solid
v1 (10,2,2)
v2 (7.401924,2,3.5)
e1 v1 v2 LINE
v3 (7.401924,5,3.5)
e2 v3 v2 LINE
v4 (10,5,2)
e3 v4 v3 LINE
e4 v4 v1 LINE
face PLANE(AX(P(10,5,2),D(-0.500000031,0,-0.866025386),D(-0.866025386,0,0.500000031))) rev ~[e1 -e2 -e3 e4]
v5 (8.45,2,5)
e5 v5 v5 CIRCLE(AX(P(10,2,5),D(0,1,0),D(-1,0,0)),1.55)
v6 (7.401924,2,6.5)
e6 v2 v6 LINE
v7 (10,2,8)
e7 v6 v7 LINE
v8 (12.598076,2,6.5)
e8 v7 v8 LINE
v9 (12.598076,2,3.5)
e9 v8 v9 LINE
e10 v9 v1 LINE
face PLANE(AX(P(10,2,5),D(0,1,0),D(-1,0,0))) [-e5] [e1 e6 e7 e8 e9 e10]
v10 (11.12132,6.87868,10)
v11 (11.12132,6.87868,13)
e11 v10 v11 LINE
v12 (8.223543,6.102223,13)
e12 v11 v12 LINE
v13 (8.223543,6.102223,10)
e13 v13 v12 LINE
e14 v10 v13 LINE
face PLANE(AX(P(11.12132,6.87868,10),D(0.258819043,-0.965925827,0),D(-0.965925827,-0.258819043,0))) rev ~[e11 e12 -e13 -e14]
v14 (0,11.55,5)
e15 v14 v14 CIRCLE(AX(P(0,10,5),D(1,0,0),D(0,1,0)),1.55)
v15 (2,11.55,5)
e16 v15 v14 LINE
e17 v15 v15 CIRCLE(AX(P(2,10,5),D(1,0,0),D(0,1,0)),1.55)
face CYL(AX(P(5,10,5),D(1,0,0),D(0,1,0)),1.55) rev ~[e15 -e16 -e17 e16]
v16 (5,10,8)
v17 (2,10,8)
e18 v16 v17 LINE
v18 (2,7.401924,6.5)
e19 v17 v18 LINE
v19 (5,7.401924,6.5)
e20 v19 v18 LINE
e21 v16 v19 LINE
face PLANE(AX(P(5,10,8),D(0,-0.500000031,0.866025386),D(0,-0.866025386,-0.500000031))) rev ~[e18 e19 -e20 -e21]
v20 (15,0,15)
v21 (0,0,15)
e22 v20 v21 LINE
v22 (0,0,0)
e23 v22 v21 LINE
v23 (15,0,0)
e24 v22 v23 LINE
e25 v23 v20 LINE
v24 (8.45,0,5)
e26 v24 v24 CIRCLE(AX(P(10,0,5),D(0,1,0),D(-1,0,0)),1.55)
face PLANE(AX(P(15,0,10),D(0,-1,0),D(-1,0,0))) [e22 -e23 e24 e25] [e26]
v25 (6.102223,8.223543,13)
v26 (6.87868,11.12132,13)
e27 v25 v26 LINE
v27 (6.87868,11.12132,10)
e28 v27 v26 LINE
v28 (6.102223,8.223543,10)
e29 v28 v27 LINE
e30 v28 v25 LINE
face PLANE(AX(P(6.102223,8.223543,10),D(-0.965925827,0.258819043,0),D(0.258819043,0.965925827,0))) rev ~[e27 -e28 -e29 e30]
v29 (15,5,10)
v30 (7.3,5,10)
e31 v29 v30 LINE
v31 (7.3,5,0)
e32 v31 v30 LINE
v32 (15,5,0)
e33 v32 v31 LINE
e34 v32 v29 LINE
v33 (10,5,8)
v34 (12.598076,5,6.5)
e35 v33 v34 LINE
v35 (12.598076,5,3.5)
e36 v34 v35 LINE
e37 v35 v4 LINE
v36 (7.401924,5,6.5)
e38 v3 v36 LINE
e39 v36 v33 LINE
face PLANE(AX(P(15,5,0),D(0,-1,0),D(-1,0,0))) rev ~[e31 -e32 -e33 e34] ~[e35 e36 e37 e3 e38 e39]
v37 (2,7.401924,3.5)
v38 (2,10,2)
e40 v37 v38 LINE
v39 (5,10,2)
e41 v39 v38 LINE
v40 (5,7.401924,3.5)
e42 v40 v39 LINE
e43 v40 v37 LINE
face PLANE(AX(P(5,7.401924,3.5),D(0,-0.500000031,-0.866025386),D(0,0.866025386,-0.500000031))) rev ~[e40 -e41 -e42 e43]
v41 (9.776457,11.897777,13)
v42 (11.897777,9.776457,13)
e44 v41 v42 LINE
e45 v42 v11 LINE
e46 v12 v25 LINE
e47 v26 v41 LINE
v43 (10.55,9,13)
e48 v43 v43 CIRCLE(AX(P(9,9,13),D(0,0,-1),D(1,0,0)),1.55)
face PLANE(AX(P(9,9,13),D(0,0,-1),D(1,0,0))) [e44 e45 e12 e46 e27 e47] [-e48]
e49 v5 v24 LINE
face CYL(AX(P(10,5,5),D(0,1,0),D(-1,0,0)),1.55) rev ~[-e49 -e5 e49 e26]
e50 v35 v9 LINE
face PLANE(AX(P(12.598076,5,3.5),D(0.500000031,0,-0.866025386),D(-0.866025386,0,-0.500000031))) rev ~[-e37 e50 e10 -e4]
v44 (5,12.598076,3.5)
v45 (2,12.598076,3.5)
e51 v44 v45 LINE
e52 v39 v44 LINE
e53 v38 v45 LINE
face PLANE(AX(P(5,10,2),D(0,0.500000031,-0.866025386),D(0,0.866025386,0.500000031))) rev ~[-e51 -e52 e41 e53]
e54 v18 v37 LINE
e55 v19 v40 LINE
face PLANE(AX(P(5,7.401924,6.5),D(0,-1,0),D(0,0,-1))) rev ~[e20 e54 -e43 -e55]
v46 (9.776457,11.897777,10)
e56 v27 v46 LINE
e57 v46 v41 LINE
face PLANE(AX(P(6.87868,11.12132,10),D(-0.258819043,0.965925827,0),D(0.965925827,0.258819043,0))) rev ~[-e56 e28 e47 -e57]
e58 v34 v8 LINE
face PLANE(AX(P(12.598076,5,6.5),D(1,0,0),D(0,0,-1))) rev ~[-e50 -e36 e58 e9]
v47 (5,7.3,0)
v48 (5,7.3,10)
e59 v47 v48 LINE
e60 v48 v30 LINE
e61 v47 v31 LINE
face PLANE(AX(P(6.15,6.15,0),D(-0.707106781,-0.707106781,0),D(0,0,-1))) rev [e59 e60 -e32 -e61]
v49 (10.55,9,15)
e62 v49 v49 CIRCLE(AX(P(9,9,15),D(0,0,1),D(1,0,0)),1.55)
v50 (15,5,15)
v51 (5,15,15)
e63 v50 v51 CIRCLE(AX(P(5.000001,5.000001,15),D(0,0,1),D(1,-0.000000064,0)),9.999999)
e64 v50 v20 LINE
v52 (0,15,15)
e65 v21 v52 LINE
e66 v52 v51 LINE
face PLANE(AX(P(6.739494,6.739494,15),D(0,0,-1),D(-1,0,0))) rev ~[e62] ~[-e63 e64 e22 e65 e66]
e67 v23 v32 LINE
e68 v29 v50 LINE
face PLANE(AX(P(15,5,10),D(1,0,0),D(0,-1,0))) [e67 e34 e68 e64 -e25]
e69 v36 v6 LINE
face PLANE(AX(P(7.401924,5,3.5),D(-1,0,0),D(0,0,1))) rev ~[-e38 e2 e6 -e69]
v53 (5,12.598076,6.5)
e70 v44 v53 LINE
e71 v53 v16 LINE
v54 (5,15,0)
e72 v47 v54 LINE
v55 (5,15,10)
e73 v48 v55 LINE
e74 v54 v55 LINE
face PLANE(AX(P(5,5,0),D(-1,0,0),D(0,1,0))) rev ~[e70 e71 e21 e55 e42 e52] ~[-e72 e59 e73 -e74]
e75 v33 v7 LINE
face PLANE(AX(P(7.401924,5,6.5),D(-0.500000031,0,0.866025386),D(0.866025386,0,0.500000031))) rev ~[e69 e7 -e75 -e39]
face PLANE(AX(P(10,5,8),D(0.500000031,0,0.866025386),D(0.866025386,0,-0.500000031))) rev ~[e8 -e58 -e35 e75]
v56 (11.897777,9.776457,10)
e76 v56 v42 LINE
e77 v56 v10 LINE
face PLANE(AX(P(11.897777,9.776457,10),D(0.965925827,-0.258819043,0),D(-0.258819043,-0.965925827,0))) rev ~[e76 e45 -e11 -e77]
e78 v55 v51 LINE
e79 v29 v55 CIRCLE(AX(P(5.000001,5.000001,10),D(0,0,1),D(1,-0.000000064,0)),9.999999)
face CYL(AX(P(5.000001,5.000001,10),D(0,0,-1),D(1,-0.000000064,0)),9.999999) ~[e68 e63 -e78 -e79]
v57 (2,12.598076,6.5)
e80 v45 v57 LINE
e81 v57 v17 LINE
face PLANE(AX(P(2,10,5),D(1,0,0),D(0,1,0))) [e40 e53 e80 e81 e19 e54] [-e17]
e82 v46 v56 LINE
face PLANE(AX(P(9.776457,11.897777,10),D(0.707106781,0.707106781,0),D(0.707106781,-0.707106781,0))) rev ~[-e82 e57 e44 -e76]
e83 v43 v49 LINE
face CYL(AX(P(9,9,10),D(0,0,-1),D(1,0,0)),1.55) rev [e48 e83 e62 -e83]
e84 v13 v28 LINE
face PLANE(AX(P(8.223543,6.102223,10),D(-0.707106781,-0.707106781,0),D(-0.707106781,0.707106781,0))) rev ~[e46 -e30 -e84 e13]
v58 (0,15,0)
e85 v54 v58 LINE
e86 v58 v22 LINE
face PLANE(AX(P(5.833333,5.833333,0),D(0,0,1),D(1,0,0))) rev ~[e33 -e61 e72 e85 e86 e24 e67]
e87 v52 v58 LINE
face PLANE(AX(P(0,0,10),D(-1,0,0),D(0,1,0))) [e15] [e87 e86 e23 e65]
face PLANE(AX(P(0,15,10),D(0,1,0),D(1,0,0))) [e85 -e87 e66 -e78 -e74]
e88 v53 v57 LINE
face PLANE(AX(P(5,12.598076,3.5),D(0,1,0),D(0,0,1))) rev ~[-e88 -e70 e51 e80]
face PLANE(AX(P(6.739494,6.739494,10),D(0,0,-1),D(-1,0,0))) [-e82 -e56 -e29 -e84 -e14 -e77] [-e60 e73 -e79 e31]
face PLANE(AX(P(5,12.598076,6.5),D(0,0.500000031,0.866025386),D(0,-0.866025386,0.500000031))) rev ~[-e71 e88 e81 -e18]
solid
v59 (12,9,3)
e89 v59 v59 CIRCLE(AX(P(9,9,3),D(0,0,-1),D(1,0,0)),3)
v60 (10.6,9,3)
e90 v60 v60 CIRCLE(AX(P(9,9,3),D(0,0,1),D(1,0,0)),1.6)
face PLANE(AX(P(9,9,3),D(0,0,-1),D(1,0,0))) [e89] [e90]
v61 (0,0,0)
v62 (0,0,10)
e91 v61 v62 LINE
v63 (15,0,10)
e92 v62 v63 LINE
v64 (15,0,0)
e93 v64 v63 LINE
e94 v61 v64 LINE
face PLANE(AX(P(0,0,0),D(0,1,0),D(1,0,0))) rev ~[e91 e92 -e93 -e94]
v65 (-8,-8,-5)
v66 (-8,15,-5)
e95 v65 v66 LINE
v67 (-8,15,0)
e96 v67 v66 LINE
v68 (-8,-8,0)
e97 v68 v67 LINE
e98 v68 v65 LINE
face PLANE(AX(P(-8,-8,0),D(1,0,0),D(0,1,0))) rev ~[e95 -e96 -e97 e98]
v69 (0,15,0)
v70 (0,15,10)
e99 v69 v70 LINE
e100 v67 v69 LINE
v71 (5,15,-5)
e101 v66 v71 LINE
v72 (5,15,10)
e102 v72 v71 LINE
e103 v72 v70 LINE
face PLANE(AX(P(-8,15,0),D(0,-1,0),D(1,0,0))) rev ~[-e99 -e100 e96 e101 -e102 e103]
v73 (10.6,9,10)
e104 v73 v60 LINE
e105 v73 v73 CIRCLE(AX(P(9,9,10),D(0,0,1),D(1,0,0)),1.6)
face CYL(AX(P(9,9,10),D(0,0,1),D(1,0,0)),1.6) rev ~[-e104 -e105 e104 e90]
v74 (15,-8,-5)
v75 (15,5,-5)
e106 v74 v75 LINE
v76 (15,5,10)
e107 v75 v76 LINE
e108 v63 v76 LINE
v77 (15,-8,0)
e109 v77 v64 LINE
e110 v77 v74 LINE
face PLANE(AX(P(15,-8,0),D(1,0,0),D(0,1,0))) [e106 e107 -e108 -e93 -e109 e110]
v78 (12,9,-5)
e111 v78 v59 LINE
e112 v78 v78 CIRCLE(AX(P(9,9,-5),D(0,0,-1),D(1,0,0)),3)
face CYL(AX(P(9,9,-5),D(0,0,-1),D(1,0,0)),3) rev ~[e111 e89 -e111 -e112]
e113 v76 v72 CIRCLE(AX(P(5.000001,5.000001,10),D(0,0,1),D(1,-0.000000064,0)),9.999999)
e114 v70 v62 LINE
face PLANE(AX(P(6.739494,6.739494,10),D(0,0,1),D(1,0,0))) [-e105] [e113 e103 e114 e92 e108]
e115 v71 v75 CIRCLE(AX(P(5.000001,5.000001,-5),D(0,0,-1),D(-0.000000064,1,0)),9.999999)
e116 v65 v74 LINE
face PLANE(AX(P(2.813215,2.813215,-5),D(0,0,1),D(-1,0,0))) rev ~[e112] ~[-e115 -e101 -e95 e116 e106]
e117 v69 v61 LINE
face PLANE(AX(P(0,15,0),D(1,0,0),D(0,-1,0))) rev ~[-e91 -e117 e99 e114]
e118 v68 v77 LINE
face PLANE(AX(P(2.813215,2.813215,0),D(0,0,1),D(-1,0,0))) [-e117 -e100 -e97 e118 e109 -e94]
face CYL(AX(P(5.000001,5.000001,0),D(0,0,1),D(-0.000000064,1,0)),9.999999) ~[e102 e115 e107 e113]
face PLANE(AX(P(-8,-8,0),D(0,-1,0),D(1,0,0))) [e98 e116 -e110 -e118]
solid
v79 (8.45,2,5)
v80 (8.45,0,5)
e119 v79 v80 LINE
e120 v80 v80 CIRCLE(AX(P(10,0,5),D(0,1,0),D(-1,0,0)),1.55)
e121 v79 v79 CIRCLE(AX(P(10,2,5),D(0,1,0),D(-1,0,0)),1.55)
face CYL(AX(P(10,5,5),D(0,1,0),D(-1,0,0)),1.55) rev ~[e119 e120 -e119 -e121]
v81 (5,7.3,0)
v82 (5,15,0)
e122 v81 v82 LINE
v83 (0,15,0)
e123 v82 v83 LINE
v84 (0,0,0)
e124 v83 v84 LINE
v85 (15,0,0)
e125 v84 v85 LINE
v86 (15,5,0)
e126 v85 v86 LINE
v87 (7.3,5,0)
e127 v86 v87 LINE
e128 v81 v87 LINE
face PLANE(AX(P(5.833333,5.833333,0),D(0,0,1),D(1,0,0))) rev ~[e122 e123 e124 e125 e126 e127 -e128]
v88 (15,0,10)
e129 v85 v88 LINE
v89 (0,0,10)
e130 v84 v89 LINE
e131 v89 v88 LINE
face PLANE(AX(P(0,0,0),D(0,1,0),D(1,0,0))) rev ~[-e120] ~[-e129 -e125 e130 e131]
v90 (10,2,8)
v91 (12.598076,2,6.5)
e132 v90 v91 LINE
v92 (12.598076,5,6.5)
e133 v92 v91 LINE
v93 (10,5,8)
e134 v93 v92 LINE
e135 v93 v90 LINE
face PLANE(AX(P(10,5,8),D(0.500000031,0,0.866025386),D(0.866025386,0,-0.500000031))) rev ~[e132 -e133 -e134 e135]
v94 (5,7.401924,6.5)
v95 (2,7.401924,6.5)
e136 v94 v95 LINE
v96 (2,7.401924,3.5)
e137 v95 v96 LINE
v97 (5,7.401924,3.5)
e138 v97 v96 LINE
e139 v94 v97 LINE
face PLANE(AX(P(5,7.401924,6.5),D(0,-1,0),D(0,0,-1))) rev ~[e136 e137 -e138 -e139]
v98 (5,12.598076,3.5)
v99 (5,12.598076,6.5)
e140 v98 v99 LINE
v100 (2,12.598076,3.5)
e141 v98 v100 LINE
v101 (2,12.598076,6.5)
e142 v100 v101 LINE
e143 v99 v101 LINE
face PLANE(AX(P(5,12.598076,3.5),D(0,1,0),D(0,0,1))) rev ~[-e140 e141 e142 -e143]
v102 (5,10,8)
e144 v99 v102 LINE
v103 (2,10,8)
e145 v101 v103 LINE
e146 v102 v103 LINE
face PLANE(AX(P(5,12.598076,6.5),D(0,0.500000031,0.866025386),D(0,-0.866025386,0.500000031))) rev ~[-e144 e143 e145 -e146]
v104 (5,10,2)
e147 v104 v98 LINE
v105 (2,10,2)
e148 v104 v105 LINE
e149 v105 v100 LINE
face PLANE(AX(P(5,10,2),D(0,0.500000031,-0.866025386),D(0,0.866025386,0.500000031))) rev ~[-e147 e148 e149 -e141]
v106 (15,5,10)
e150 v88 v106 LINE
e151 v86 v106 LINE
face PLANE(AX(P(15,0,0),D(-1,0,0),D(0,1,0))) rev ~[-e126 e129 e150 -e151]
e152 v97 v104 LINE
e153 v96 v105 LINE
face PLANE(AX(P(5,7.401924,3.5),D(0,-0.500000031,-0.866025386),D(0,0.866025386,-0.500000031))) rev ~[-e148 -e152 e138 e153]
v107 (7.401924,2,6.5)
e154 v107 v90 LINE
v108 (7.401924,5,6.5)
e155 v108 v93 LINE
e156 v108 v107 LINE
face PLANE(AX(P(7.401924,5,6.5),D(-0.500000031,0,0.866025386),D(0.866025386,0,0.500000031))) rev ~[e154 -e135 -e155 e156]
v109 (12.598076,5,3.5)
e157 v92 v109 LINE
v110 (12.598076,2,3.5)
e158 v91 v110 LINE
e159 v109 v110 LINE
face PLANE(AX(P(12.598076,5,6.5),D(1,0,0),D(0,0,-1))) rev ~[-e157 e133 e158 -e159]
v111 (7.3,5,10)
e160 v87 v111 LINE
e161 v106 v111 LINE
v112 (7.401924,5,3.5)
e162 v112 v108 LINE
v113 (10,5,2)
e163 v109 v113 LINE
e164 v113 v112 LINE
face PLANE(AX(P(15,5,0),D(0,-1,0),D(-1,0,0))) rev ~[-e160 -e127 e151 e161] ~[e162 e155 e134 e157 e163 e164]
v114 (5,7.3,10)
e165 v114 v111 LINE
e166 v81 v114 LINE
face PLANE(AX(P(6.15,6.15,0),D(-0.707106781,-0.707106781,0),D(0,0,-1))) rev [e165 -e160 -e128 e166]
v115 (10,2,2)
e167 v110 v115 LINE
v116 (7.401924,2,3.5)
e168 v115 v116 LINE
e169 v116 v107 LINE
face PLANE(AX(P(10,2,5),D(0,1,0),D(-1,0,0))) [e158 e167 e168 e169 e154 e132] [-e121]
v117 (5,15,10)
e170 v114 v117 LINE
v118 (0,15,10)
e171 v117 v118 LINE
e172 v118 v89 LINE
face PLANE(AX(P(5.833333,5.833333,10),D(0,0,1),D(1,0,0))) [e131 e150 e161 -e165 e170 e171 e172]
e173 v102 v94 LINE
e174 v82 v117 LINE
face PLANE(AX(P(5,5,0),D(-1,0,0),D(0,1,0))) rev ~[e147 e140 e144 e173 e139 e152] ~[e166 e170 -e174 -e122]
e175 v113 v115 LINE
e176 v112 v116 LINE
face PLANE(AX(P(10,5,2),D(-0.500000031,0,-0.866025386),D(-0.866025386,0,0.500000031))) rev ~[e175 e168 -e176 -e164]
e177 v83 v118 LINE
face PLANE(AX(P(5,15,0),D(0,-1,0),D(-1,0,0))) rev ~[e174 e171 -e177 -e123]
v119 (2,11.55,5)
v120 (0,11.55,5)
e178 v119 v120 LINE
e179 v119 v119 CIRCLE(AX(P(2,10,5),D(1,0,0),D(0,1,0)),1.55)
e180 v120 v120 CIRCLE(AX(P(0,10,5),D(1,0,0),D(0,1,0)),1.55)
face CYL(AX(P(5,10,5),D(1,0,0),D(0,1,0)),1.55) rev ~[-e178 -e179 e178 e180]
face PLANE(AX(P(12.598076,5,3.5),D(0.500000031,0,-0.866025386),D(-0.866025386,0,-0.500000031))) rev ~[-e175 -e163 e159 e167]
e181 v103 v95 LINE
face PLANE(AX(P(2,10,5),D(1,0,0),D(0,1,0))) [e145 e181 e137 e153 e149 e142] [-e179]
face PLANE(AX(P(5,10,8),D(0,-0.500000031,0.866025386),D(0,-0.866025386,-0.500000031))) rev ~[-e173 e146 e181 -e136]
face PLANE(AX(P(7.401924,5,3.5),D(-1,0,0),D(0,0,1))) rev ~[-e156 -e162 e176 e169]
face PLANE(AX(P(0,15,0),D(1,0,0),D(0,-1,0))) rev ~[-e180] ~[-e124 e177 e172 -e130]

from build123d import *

# Parameters (mm, degrees)
PAD_DEPTH       = 10
SKETCH001_R     = 1.55
POCKET_DEPTH    = 5
SKETCH002_R     = 1.55
POCKET001_DEPTH = 5
POCKET002_DEPTH = 3
POCKET003_DEPTH = 3
CHAMFER_SIZE    = 2.3
PAD001_DEPTH    = 10
SKETCH006_R     = 1.55
POCKET007_DEPTH = 5
SKETCH009_R     = 1.55
POCKET005_DEPTH = 5
POCKET006_DEPTH = 3
POCKET004_DEPTH = 3
CHAMFER001_SIZE = 2.3
SKETCH010_R     = 1.55
PAD002_DEPTH    = 5
POCKET008_DEPTH = 3
PAD003_DEPTH    = 10
PAD004_DEPTH    = 5
SKETCH014_R     = 1.6
POCKET009_DEPTH = 20
SKETCH015_R     = 3
POCKET010_DEPTH = 8


with BuildPart() as body:
    # Sketch → Pad (new body)
    with BuildSketch(Plane.XY):
        Polygon((0, 15), (0, 0), (15, 0), (15, 5), (5, 5), (5, 15), align=None)
    extrude(amount=PAD_DEPTH)

    # Sketch001 (on Face4 of Pad) → Pocket (cut)
    with BuildSketch(Plane(origin=(0, 5, 0), x_dir=(-1, 0, 0), z_dir=(0, 1, 0))):
        with Locations((-10, 5)):
            Circle(SKETCH001_R)
    extrude(amount=-POCKET_DEPTH, mode=Mode.SUBTRACT)

    # Sketch002 (on Face6 of Pocket) → Pocket001 (cut)
    with BuildSketch(Plane.YZ.offset(5)):
        with Locations((10, 5)):
            Circle(SKETCH002_R)
    extrude(amount=-POCKET001_DEPTH, mode=Mode.SUBTRACT)

    # Sketch003 (on Face7 of Pocket001) → Pocket002 (cut)
    with BuildSketch(Plane.YZ.offset(5)):
        Polygon((10, 2), (12.598076, 3.5), (12.598076, 6.5), (10, 8), (7.401924, 6.5), (7.401924, 3.5), align=None)
    extrude(amount=-POCKET002_DEPTH, mode=Mode.SUBTRACT)

    # Sketch004 (on Face9 of Pocket002) → Pocket003 (cut)
    with BuildSketch(Plane(origin=(0, 5, 0), x_dir=(-1, 0, 0), z_dir=(0, 1, 0))):
        Polygon((-7.401924, 3.5), (-7.401924, 6.5), (-10, 8), (-12.598076, 6.5), (-12.598076, 3.5), (-10, 2), align=None)
    extrude(amount=-POCKET003_DEPTH, mode=Mode.SUBTRACT)

    # Chamfer
    chamfer_edges = [body.edges().sort_by_distance(p)[0] for p in [
        (5, 5, 5),
    ]]
    chamfer(chamfer_edges, length=CHAMFER_SIZE)


with BuildPart() as body001:
    # Sketch008 → Pad001 (new body)
    with BuildSketch(Plane.XY):
        Polygon((0, 15), (0, 0), (15, 0), (15, 5), (5, 5), (5, 15), align=None)
    extrude(amount=PAD001_DEPTH)

    # Sketch006 (on Face4 of Pad001) → Pocket007 (cut)
    with BuildSketch(Plane(origin=(0, 5, 0), x_dir=(-1, 0, 0), z_dir=(0, 1, 0))):
        with Locations((-10, 5)):
            Circle(SKETCH006_R)
    extrude(amount=-POCKET007_DEPTH, mode=Mode.SUBTRACT)

    # Sketch009 (on Face6 of Pocket007) → Pocket005 (cut)
    with BuildSketch(Plane.YZ.offset(5)):
        with Locations((10, 5)):
            Circle(SKETCH009_R)
    extrude(amount=-POCKET005_DEPTH, mode=Mode.SUBTRACT)

    # Sketch005 (on Face7 of Pocket005) → Pocket006 (cut)
    with BuildSketch(Plane.YZ.offset(5)):
        Polygon((10, 2), (12.598076, 3.5), (12.598076, 6.5), (10, 8), (7.401924, 6.5), (7.401924, 3.5), align=None)
    extrude(amount=-POCKET006_DEPTH, mode=Mode.SUBTRACT)

    # Sketch007 (on Face9 of Pocket006) → Pocket004 (cut)
    with BuildSketch(Plane(origin=(0, 5, 0), x_dir=(-1, 0, 0), z_dir=(0, 1, 0))):
        Polygon((-7.401924, 3.5), (-7.401924, 6.5), (-10, 8), (-12.598076, 6.5), (-12.598076, 3.5), (-10, 2), align=None)
    extrude(amount=-POCKET004_DEPTH, mode=Mode.SUBTRACT)

    # Chamfer001
    chamfer001_edges = [body001.edges().sort_by_distance(p)[0] for p in [
        (5, 5, 5),
    ]]
    chamfer(chamfer001_edges, length=CHAMFER001_SIZE)

    # Sketch010 (on Face9 of Chamfer001) → Pad002 (join)
    with BuildSketch(Plane.XY.offset(10)):
        with BuildLine():
            Line((0, 0), (0, 15))
            Line((0, 15), (5, 15))
            ThreePointArc((15, 5), (12.071068, 12.071068), (5, 15))
            Line((15, 5), (15, 0))
            Line((15, 0), (0, 0))
        make_face()
        with Locations((9, 9)):
            Circle(SKETCH010_R, mode=Mode.SUBTRACT)
    extrude(amount=PAD002_DEPTH)

    # Sketch011 (on Face9 of Pad002) → Pocket008 (cut)
    with BuildSketch(Plane(origin=(0, 0, 10), x_dir=(1, 0, 0), z_dir=(0, 0, -1))):
        Polygon((9.776457, -11.897777), (11.897777, -9.776457), (11.12132, -6.87868), (8.223543, -6.102223), (6.102223, -8.223543), (6.87868, -11.12132), align=None)
    extrude(amount=-POCKET008_DEPTH, mode=Mode.SUBTRACT)


with BuildPart() as body002:
    # Sketch012 → Pad003 (new body)
    with BuildSketch(Plane.XY):
        with BuildLine():
            Line((0, 15), (0, 0))
            Line((0, 0), (15, 0))
            Line((15, 0), (15, 5))
            ThreePointArc((15, 5), (12.071068, 12.071068), (5, 15))
            Line((5, 15), (0, 15))
        make_face()
    extrude(amount=PAD003_DEPTH)

    # Sketch013 (on Face6 of Pad003) → Pad004 (join)
    with BuildSketch(Plane(origin=(0, 0, 0), x_dir=(1, 0, 0), z_dir=(0, 0, -1))):
        with BuildLine():
            Line((-8, 8), (15, 8))
            Line((15, 8), (15, -5))
            ThreePointArc((5, -15), (12.071068, -12.071068), (15, -5))
            Line((-8, -15), (5, -15))
            Line((-8, 8), (-8, -15))
        make_face()
    extrude(amount=PAD004_DEPTH)

    # Sketch014 (on Face5 of Pad004) → Pocket009 (cut)
    with BuildSketch(Plane.XY.offset(10)):
        with Locations((9, 9)):
            Circle(SKETCH014_R)
    extrude(amount=-POCKET009_DEPTH, mode=Mode.SUBTRACT)

    # Sketch015 (on Face14 of Pocket009) → Pocket010 (cut)
    with BuildSketch(Plane(origin=(0, 0, -5), x_dir=(1, 0, 0), z_dir=(0, 0, -1))):
        with Locations((9, -9)):
            Circle(SKETCH015_R)
    extrude(amount=-POCKET010_DEPTH, mode=Mode.SUBTRACT)


solid = Compound([body.part, body001.part, body002.part])
